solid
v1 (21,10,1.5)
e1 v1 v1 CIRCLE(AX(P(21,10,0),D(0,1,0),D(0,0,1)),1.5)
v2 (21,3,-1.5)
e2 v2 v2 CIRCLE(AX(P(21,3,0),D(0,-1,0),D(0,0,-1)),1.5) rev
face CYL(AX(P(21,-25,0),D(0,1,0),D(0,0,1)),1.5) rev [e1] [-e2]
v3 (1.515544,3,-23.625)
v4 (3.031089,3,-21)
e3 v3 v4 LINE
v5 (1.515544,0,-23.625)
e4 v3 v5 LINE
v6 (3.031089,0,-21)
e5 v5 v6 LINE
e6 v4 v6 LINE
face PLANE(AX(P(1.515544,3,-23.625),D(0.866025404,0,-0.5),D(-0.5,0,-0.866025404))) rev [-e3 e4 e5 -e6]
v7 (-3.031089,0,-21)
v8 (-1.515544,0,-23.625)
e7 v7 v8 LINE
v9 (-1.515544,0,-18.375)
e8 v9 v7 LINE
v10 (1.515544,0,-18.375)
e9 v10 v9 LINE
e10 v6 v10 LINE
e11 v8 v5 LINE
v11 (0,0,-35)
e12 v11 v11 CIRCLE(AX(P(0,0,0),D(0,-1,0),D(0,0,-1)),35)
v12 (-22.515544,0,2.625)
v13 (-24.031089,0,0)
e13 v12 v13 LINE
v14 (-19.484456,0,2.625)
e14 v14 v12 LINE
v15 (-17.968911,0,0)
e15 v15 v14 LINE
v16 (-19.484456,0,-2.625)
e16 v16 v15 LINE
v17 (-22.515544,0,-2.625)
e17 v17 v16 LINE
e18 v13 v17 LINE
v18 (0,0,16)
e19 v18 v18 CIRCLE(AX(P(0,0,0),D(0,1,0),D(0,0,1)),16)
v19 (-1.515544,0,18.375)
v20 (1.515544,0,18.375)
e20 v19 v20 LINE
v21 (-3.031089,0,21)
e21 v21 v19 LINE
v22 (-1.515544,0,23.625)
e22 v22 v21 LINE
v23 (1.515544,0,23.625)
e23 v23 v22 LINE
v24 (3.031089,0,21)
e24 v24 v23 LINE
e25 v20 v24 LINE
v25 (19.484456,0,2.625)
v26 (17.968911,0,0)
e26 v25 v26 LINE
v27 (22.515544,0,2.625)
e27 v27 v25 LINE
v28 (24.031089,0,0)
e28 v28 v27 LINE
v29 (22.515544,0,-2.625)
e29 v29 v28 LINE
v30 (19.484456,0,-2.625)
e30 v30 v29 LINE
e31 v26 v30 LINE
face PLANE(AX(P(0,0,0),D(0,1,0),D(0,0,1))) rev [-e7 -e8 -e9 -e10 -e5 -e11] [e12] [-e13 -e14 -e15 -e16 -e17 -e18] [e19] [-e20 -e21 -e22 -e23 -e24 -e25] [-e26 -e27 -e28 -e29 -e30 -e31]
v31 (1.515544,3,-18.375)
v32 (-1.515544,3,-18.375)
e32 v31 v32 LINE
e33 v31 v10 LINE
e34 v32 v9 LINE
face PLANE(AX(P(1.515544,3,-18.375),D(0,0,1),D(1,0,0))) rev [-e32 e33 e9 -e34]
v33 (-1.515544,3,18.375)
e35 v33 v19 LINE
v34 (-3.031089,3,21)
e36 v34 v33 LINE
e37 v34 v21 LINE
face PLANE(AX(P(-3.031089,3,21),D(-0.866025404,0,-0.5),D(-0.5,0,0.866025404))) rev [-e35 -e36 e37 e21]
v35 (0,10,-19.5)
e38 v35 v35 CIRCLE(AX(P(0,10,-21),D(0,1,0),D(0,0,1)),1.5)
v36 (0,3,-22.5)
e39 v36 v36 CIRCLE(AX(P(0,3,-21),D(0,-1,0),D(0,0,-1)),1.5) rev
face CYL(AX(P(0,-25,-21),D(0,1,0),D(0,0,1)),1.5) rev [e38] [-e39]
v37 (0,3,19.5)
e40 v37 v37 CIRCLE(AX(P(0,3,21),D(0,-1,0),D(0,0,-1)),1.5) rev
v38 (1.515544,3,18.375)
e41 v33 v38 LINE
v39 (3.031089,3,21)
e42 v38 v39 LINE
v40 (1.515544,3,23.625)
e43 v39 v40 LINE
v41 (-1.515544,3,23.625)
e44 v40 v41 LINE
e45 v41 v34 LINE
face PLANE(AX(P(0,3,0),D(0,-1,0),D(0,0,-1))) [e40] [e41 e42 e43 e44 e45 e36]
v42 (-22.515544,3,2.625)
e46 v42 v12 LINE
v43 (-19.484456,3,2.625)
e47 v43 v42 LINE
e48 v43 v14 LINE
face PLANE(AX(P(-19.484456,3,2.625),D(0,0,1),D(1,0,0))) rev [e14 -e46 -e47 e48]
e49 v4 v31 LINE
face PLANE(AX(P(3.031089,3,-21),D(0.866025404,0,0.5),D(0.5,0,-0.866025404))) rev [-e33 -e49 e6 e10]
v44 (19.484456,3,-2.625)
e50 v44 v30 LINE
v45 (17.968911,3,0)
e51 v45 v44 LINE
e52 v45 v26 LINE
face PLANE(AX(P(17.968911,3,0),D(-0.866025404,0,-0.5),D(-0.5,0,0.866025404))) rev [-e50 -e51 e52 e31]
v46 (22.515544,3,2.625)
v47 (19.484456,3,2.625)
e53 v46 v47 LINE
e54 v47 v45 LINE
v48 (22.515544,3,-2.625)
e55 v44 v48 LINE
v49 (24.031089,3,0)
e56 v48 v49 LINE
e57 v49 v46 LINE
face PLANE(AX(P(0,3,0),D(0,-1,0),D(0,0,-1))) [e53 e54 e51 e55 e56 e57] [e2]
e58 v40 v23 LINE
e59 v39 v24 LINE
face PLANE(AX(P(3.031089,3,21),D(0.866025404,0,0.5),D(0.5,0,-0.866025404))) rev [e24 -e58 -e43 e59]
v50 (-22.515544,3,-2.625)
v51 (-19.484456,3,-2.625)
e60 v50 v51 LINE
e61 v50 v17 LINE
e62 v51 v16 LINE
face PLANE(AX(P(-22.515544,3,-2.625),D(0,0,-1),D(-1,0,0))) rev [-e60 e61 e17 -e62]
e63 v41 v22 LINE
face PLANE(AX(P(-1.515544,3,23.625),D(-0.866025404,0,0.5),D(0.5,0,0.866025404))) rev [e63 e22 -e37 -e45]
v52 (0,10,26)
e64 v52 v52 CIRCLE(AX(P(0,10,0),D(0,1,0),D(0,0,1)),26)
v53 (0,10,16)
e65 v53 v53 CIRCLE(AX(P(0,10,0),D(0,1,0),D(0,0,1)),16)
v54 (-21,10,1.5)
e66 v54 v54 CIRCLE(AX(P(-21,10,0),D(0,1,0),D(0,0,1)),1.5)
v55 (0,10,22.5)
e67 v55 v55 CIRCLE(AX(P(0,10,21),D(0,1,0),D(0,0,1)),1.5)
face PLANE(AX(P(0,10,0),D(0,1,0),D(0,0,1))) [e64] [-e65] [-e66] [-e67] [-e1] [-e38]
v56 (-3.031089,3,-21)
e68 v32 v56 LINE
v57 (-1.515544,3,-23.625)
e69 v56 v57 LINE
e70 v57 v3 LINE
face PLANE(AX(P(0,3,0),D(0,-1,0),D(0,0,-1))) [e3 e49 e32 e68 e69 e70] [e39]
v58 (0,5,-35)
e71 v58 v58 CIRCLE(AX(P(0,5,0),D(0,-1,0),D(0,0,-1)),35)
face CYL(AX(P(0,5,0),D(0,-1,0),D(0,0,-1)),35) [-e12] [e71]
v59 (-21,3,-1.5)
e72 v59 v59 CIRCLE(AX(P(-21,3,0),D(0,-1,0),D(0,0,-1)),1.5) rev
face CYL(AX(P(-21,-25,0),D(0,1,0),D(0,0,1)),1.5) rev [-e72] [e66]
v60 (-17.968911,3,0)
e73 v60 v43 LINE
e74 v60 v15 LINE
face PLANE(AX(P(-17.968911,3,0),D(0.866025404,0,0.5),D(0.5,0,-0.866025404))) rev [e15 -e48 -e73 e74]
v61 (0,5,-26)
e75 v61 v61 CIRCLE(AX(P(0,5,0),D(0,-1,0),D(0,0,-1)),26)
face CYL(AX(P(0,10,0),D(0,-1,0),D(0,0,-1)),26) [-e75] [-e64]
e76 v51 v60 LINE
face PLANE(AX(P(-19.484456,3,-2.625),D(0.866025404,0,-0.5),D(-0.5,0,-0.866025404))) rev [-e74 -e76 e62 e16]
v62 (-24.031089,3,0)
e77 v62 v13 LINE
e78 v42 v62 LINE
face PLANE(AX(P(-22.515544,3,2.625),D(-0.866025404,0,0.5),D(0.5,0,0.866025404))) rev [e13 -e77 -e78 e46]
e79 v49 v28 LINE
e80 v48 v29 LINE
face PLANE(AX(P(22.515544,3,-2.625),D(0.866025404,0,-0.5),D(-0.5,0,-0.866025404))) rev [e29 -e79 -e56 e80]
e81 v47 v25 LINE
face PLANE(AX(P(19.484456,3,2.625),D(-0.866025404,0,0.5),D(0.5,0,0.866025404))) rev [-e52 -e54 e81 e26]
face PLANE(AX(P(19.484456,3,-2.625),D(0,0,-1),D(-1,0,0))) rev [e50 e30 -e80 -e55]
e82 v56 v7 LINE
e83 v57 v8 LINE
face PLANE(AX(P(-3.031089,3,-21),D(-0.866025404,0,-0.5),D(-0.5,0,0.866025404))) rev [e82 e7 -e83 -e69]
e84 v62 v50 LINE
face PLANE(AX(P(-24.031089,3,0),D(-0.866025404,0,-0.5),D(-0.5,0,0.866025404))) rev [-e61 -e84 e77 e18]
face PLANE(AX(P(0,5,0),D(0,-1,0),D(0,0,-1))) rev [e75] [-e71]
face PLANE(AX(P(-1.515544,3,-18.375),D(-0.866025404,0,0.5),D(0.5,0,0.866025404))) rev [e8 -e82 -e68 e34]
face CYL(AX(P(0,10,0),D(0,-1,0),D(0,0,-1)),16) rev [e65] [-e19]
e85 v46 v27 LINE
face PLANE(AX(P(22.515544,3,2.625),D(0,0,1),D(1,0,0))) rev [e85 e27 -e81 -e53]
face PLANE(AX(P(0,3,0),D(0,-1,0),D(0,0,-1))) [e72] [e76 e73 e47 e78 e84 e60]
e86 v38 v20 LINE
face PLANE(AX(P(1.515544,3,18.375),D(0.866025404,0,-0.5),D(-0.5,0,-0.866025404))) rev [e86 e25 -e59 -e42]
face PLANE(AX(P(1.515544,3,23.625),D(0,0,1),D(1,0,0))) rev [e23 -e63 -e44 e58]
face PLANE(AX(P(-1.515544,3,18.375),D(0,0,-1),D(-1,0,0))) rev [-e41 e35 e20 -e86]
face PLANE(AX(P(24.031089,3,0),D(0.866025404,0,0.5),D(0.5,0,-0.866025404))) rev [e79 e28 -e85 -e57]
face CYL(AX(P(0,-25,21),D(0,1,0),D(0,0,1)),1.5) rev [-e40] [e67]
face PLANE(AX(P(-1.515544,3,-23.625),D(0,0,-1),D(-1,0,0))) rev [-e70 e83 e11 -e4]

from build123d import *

# Parameters (mm, degrees)
ESQUISSE1_R             = 26
ESQUISSE1_R_2           = 16
BOSS_EXTRU_1_DEPTH      = 10
ESQUISSE2_R             = 35
BOSS_EXTRU_2_DEPTH      = 5
ESQUISSE3_R             = 16
ENL_V_MAT_EXTRU_1_DEPTH = 5
ESQUISSE4_R             = 1.5
ENL_V_MAT_EXTRU_2_DEPTH = 35
ENL_V_MAT_EXTRU_3_DEPTH = 3


with BuildPart() as part:
    # Esquisse1 → Boss.-Extru.1 (new body)
    with BuildSketch(Plane(origin=(0, 0, 0), x_dir=(1, 0, 0), z_dir=(0, 1, 0))):
        Circle(ESQUISSE1_R)
        Circle(ESQUISSE1_R_2, mode=Mode.SUBTRACT)
    extrude(amount=BOSS_EXTRU_1_DEPTH)

    # Esquisse2 → Boss.-Extru.2 (add)
    with BuildSketch(Plane.XZ):
        Circle(ESQUISSE2_R)
    extrude(amount=-BOSS_EXTRU_2_DEPTH)

    # Esquisse3 → Enlèv. mat.-Extru.1 (cut)
    with BuildSketch(Plane(origin=(0, 5, 0), x_dir=(1, 0, 0), z_dir=(0, 1, 0))):
        Circle(ESQUISSE3_R)
    extrude(amount=-ENL_V_MAT_EXTRU_1_DEPTH, mode=Mode.SUBTRACT)

    # Esquisse4 → Enlèv. mat.-Extru.2 (cut)
    with BuildSketch(Plane(origin=(0, 10, 0), x_dir=(1, 0, 0), z_dir=(0, 1, 0))):
        with Locations((-21, 0)):
            Circle(ESQUISSE4_R)
        with Locations((21, 0)):
            Circle(ESQUISSE4_R)
        with Locations((0, -21)):
            Circle(ESQUISSE4_R)
        with Locations((0, 21)):
            Circle(ESQUISSE4_R)
    extrude(amount=-ENL_V_MAT_EXTRU_2_DEPTH, mode=Mode.SUBTRACT)

    # Esquisse5 → Enlèv. mat.-Extru.3 (cut)
    with BuildSketch(Plane.XZ):
        Polygon((24.031088913, 0), (22.515544457, 2.625), (19.484455543, 2.625), (17.968911087, 0), (19.484455543, -2.625), (22.515544457, -2.625), align=None)
        Polygon((3.031088913, -21), (1.515544457, -18.375), (-1.515544457, -18.375), (-3.031088913, -21), (-1.515544457, -23.625), (1.515544457, -23.625), align=None)
        Polygon((-17.968911087, 0), (-19.484455543, 2.625), (-22.515544457, 2.625), (-24.031088913, 0), (-22.515544457, -2.625), (-19.484455543, -2.625), align=None)
        Polygon((3.031088913, 21), (1.515544457, 23.625), (-1.515544457, 23.625), (-3.031088913, 21), (-1.515544457, 18.375), (1.515544457, 18.375), align=None)
    extrude(amount=-ENL_V_MAT_EXTRU_3_DEPTH, mode=Mode.SUBTRACT)


solid = part.part
